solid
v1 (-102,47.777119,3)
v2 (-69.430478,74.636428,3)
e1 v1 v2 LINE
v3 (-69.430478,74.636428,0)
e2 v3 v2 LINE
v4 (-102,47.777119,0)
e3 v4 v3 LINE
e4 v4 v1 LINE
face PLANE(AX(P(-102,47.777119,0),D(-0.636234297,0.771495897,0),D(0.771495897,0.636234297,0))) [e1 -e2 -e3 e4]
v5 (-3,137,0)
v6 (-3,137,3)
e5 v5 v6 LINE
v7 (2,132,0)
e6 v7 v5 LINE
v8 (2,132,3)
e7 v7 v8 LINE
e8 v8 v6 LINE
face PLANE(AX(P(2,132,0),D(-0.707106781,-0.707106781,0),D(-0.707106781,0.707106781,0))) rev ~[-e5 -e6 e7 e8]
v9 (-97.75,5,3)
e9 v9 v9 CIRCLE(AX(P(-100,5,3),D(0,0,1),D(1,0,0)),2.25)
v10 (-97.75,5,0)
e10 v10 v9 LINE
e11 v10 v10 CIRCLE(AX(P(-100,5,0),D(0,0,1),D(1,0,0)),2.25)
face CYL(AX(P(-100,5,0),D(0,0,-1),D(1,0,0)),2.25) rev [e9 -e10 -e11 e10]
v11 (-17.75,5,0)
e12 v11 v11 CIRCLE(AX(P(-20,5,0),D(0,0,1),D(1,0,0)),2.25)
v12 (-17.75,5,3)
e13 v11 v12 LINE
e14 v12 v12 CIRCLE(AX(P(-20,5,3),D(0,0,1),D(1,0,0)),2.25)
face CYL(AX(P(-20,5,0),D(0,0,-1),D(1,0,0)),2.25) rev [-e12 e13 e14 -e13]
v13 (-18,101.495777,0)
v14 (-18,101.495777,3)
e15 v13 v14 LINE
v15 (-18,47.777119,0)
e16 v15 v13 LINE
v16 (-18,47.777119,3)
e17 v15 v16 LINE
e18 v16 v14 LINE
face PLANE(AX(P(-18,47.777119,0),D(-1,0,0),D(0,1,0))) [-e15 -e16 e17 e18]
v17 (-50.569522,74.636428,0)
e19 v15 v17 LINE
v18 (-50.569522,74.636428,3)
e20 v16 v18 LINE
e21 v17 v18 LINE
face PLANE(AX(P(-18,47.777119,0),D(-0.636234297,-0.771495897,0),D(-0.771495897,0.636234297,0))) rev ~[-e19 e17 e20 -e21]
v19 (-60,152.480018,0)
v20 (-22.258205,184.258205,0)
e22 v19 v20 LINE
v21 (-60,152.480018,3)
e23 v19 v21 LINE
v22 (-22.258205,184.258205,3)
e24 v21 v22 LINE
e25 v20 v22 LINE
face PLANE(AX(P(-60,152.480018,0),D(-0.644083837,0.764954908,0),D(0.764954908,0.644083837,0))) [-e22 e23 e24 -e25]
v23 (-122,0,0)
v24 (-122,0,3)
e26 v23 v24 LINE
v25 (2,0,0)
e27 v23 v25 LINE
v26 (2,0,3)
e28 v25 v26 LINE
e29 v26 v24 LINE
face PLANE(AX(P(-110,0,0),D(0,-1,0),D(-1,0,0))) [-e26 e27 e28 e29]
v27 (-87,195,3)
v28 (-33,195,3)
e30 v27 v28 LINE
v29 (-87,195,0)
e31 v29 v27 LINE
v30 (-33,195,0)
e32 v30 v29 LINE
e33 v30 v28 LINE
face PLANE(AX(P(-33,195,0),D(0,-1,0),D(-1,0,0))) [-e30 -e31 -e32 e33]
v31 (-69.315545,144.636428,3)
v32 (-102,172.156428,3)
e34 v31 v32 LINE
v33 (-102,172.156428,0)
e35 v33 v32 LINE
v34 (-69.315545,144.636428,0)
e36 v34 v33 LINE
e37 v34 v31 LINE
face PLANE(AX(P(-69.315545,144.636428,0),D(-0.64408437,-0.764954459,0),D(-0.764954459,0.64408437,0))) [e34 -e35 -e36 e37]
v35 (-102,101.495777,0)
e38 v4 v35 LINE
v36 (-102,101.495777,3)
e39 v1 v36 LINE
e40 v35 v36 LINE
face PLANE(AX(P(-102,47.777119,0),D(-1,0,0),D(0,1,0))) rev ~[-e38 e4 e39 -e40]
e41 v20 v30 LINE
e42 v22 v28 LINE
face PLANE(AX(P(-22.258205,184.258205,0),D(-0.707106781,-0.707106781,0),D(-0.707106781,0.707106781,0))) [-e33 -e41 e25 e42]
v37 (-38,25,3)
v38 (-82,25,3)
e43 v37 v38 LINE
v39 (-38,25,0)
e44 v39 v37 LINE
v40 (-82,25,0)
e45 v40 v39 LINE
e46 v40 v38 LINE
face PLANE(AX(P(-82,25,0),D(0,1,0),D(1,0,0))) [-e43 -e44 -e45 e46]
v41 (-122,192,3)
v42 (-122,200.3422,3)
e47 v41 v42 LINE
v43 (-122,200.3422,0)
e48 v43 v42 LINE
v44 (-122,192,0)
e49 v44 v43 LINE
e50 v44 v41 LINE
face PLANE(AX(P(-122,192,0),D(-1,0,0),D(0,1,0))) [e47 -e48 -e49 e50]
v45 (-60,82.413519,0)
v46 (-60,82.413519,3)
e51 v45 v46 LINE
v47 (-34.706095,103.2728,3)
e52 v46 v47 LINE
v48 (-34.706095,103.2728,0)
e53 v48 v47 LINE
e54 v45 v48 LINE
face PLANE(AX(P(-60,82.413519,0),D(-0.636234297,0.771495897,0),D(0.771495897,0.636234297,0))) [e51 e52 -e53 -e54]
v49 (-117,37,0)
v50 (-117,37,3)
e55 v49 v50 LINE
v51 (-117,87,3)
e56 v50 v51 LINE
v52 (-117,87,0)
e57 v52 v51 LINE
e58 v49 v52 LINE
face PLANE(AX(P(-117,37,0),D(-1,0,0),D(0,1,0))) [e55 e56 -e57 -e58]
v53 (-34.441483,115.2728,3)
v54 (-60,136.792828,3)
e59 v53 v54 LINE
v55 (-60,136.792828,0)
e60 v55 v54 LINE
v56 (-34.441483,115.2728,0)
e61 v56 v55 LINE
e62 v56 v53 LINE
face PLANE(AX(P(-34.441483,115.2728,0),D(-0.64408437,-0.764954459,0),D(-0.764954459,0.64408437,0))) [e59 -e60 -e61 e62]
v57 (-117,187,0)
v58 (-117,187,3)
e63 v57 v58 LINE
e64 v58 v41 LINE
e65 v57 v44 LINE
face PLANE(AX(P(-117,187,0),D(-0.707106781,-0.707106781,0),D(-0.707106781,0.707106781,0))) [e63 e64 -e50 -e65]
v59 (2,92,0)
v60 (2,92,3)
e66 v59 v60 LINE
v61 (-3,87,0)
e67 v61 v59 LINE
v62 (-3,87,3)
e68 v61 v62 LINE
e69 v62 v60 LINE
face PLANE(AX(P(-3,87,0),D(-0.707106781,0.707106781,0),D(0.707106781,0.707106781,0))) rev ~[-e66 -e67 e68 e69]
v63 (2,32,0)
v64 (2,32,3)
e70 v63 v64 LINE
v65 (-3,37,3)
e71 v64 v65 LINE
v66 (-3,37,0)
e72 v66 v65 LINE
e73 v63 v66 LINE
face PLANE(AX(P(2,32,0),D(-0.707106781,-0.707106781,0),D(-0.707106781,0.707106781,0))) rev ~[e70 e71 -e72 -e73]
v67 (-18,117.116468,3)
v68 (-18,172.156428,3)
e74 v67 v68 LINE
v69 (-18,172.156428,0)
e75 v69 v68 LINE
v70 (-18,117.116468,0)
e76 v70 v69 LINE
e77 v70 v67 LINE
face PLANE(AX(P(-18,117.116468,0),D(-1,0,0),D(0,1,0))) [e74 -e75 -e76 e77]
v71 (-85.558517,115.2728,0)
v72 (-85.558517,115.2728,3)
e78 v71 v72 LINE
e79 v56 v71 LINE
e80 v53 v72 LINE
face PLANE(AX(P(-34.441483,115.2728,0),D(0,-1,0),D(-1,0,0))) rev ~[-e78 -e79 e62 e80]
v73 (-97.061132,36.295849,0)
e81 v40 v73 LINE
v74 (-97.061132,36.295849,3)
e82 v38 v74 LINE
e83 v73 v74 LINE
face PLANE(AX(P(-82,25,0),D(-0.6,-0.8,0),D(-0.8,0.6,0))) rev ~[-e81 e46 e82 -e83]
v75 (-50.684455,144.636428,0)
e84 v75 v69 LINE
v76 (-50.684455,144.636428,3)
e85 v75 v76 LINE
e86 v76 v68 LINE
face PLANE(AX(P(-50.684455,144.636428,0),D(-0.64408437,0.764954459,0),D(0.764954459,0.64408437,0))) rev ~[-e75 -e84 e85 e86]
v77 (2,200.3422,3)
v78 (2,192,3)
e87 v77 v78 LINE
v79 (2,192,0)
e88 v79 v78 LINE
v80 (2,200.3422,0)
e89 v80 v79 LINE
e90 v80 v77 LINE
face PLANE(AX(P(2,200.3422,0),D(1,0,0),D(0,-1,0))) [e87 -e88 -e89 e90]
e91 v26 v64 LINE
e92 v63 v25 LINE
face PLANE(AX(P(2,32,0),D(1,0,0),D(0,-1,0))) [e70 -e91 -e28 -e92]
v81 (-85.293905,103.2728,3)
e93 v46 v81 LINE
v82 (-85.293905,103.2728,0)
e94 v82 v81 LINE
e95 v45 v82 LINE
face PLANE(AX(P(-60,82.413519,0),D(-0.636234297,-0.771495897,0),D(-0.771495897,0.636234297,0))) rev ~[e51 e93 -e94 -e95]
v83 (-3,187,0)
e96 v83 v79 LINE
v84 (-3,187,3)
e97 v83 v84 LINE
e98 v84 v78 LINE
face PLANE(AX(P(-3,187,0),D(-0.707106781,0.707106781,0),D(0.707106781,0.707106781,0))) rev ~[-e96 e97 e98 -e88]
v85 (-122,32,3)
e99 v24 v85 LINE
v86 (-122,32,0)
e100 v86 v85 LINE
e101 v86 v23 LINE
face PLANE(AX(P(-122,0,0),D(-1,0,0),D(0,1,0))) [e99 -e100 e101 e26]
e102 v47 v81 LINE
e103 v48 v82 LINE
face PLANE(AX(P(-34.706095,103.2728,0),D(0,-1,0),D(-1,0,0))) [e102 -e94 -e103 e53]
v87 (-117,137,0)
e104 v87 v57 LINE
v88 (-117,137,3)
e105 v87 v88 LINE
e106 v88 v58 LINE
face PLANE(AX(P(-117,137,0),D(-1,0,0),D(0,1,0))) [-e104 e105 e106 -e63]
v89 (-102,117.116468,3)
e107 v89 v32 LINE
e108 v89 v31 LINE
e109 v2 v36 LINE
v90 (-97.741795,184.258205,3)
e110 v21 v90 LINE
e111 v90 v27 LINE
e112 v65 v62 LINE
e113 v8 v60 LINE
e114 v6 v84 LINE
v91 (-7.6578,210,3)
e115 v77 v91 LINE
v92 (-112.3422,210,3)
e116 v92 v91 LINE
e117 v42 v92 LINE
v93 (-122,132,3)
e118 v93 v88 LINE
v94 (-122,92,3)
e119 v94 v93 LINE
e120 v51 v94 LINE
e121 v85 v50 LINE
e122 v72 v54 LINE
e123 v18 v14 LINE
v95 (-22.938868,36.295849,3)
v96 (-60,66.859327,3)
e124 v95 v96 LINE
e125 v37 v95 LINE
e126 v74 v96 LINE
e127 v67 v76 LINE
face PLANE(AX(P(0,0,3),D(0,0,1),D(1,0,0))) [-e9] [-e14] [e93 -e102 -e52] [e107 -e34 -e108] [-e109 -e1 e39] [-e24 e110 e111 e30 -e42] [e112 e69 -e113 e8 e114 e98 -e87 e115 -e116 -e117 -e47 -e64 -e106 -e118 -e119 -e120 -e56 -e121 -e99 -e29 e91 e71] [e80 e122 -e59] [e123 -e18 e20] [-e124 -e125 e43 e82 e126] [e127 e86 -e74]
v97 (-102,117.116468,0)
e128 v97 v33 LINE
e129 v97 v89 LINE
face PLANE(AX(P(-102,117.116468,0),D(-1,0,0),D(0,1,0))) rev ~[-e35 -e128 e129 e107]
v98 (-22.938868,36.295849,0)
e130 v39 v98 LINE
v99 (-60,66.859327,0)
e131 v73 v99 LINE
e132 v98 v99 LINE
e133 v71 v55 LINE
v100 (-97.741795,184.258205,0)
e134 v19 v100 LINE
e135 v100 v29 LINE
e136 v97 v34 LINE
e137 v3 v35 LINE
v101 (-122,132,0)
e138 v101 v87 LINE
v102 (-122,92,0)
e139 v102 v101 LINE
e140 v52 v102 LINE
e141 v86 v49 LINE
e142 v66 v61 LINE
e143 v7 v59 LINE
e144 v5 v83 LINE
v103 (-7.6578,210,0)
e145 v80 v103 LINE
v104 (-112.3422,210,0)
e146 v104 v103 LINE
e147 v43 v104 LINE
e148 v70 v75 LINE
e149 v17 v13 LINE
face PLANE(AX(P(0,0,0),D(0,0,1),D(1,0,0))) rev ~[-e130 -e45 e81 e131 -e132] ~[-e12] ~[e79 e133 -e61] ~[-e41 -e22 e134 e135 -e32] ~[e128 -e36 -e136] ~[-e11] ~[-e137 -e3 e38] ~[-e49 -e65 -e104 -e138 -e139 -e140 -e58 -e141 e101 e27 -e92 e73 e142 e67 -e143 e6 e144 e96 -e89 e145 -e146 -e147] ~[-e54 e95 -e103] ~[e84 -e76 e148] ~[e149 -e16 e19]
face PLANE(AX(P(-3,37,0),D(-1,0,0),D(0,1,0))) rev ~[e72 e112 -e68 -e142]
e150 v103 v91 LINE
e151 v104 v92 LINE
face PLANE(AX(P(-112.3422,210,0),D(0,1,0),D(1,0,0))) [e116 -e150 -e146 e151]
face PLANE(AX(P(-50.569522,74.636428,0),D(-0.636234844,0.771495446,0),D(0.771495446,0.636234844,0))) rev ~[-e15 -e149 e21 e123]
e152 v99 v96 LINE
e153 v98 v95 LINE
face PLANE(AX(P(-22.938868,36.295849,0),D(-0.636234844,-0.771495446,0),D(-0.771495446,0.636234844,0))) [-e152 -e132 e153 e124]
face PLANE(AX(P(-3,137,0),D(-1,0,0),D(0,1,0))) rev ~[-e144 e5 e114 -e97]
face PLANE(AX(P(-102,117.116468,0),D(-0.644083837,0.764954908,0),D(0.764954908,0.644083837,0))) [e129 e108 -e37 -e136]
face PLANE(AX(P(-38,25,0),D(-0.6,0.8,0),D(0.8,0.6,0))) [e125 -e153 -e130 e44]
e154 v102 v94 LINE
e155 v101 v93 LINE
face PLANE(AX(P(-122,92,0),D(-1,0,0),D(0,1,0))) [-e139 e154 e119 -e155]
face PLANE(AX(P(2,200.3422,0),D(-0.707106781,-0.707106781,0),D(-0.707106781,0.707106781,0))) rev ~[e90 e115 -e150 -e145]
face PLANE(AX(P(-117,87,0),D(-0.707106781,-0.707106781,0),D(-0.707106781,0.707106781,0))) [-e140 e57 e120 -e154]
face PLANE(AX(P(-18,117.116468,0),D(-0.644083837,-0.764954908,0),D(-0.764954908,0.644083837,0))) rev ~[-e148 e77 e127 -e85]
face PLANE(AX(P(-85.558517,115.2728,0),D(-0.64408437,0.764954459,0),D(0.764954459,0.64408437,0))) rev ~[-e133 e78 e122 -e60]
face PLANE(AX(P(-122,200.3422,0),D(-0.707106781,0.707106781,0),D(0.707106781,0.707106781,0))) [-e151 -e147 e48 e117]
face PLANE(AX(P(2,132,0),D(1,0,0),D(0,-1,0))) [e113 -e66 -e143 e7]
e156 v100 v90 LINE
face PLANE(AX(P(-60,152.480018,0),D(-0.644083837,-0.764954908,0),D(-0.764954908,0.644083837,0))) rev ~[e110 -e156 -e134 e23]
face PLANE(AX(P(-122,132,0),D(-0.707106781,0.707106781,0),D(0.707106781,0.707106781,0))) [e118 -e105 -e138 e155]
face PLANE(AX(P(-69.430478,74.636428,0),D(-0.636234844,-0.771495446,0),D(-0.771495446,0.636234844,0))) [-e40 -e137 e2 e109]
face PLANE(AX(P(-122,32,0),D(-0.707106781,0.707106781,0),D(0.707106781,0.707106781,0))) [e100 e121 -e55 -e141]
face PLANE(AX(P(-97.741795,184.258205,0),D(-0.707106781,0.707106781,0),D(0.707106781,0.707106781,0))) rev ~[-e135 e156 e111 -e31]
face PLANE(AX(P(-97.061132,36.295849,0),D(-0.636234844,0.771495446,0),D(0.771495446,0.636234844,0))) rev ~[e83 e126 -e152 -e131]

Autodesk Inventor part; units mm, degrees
ref_plane "YZ Plane" through (0, 0, 0) normal (1, 0, 0) x (0, 1, 0)
ref_plane "XZ Plane" through (0, 0, 0) normal (0, 1, 0) x (-1, 0, 0)
ref_plane "XY Plane" through (0, 0, 0) normal (0, 0, 1) x (1, 0, 0)
sketch "Sketch1" plane through (0, 0, 0) normal (0, 0, 1) x (1, 0, 0)
  line L0 (-120, 25) -> (-122, 25) construction
  line L1 (-122, 0) -> (-122, 25) projected
  line L2 (-110, 0) -> (-122, 0) projected
  line L3 (-120, 10) -> (-110, 0) construction
  line L4 (-120, 10) -> (-120, 18.3797) construction
  line L5 (-80.5845, 0) -> (-120, 18.3797) construction
  line L6 (-66.3873, 0) -> (-80.5845, 0) projected
  line L7 (-120, 25) -> (-66.3873, 0) construction
  line L8 (2, 25) -> (0, 25) construction
  line L9 (-53.6127, 0) -> (0, 25) construction
  line L10 (-39.4155, 0) -> (-53.6127, 0) projected
  line L11 (0, 18.3797) -> (-39.4155, 0) construction
  line L12 (0, 10) -> (0, 18.3797) construction
  line L13 (-10, 0) -> (0, 10) construction
  line L14 (2, 0) -> (-10, 0) projected
  line L15 (2, 0) -> (2, 25) projected
  line L16 (2, 0) -> (-122, 0)
  line L17 (-122, 0) -> (-122, 210)
  line L18 (-122, 210) -> (2, 210)
  line L19 (2, 210) -> (2, 0)
  circle A0 centre (-100, 5) radius 2.25 projected
  circle A1 centre (-20, 5) radius 2.25 projected
  line L20 (2, 32) -> (-3, 37)
  line L21 (2, 32) -> (9.0711, 32) construction
  line L22 (-3, 37) -> (-3, 87)
  line L23 (-3, 87) -> (2, 92)
  line L24 (2, 132) -> (-3, 137)
  line L25 (2, 132) -> (9.0711, 132) construction
  line L26 (-3, 137) -> (-3, 187)
  line L27 (-3, 187) -> (2, 192)
  line L28 (-60, 0) -> (-60, 210) construction
  line L29 (-122, 32) -> (-117, 37)
  line L30 (-122, 32) -> (-129.0711, 32) construction
  line L31 (-117, 37) -> (-117, 87)
  line L32 (-117, 87) -> (-122, 92)
  line L33 (-122, 132) -> (-117, 137)
  line L34 (-122, 132) -> (-129.0711, 132) construction
  line L35 (-117, 137) -> (-117, 187)
  line L36 (-117, 187) -> (-122, 192)
  line L37 (-38, 25) -> (-18, 40)
  line L38 (2, 200.3422) -> (-7.6578, 210)
  line L39 (-38, 25) -> (-60, 25)
  line L40 (-18, 40) -> (-18, 180)
  line L41 (-18, 40) -> (122, 40) construction
  line L42 (-18, 180) -> (-33, 195)
  line L43 (-33, 195) -> (-60, 195)
  line L44 (-82, 25) -> (-102, 40)
  line L45 (-82, 25) -> (-60, 25)
  line L46 (-102, 40) -> (-102, 180)
  line L47 (-102, 180) -> (-87, 195)
  line L48 (-87, 195) -> (-60, 195)
  line L49 (-122, 200.3422) -> (-112.3422, 210)
  line L50 (-18, 40) -> (-102, 109.2728)
  line L51 (-18, 109.2728) -> (-102, 109.2728)
  line L52 (-102, 40) -> (-18, 109.2728)
  line L53 (-18, 109.2728) -> (-102, 180)
  line L54 (-102, 109.2728) -> (-18, 180)
  line L55 (-98.1826, 35.371) -> (-14.1826, 104.6439)
  line L56 (-105.8174, 44.629) -> (-21.8174, 113.9018)
  line L57 (-14.1826, 44.629) -> (-98.1826, 113.9018)
  line L58 (-21.8174, 35.371) -> (-105.8174, 104.6439)
  line L59 (-98.1355, 104.6831) -> (-14.1355, 175.4103)
  line L60 (-105.8645, 113.8626) -> (-21.8645, 184.5897)
  line L61 (-21.8645, 104.6831) -> (-105.8645, 175.4103)
  line L62 (-14.1355, 113.8626) -> (-98.1355, 184.5897)
  line L63 (-18, 103.2728) -> (-102, 103.2728)
  line L64 (-18, 115.2728) -> (-102, 115.2728)
  point P0 (0, 0)
  point P1 (2, 25)
  point P2 (-60, 66.8593)
  point P3 (-22.9389, 36.2959)
  point P4 (-97.0611, 36.2959)
  point P5 (-69.4305, 74.6364)
  point P6 (-102, 47.7771)
  point P7 (-102, 101.4957)
  point P8 (-34.7061, 103.2728)
  point P9 (-60, 82.4135)
  point P10 (-85.2939, 103.2728)
  point P11 (-50.5695, 74.6364)
  point P12 (-18, 101.4957)
  point P13 (-18, 47.7771)
  point P14 (-69.3156, 144.6364)
  point P15 (-102, 117.1164)
  point P16 (-102, 172.1564)
  point P17 (-50.6844, 144.6364)
  point P18 (-18, 172.1564)
  point P19 (-18, 117.1164)
  point P20 (-60, 152.48)
  point P21 (-97.7418, 184.2582)
  point P22 (-22.2582, 184.2582)
  point P23 (-85.5585, 115.2728)
  point P24 (-60, 136.7928)
  point P25 (-34.4415, 115.2728)
  dimension "d0" = 124
  dimension "d1" = 210
  dimension "d4" = 135
  dimension "d5" = 5
  dimension "d6" = 60
  dimension "d7" = 135
  dimension "d8" = 60
  dimension "d9" = 40
  dimension "d10" = 32
  dimension "d11" = 5
  dimension "d12" = 90
  dimension "d13" = 135
  dimension "d14" = 15
  dimension "d15" = 25
  dimension "d16" = 40
  dimension "d17" = 15
  dimension "d18" = 15
  dimension "d19" = 20
  dimension "d20" = 6
  dimension "d21" = 6
  dimension "d22" = 6
  dimension "d23" = 6
  dimension "d24" = 6
  dimension "d25" = 6
  dimension "d26" = 6
  dimension "d27" = 6
  dimension "d28" = 6
  dimension "d29" = 6
extrude "Extrusion1" add sketch "Sketch1" along normal blind 3 contours L1 L17 L29 L31 L32 L33 L35 L36 L49 L18 L38 L19 L27 L26 L24 L23 L22 L20 L15 L14 L16 L10 L6 L2 | L58 L55 L50 L37 | L50 L55 L57 L40 | L58 L52 L50 L55 | L55 L44 L52 L58 | L50 L52 L57 L55 | L58 L56 L50 L52 | L52 L46 L56 L58 | L55 L57 L52 L63 L40 | L50 L56 L57 L52 | L58 L46 L63 L50 L56 | L63 L52 L40 | L57 L56 L63 L52 | L50 L63 L57 L56 | L53 L64 L40 | L52 L61 L51 | L51 L61 L56 L53 | L63 L56 L51 L61 L52 | L63 L46 L50 | L50 L59 L51 L57 L63 | L64 L53 L59 L62 L40 | L51 L56 L61 | L56 L61 L64 L53 | L63 L57 L51 L56 | L50 L51 L59 | L54 L57 L59 L51 | L46 L64 L54 | L64 L61 L59 L53 | L51 L57 L59 L64 L61 L56 | L51 L59 L57 | L46 L60 L61 L54 L64 | L54 L64 L59 L57 | L59 L62 L54 L40 | L59 L53 L54 L62 | L59 L61 L54 L53 | L54 L61 L59 L64 | L54 L62 L60 L42 | L54 L53 L60 L62 | L54 L61 L60 L53 | L46 L53 L60 L61 | L60 L53 L47 L62
properties part number "Shelf1"
